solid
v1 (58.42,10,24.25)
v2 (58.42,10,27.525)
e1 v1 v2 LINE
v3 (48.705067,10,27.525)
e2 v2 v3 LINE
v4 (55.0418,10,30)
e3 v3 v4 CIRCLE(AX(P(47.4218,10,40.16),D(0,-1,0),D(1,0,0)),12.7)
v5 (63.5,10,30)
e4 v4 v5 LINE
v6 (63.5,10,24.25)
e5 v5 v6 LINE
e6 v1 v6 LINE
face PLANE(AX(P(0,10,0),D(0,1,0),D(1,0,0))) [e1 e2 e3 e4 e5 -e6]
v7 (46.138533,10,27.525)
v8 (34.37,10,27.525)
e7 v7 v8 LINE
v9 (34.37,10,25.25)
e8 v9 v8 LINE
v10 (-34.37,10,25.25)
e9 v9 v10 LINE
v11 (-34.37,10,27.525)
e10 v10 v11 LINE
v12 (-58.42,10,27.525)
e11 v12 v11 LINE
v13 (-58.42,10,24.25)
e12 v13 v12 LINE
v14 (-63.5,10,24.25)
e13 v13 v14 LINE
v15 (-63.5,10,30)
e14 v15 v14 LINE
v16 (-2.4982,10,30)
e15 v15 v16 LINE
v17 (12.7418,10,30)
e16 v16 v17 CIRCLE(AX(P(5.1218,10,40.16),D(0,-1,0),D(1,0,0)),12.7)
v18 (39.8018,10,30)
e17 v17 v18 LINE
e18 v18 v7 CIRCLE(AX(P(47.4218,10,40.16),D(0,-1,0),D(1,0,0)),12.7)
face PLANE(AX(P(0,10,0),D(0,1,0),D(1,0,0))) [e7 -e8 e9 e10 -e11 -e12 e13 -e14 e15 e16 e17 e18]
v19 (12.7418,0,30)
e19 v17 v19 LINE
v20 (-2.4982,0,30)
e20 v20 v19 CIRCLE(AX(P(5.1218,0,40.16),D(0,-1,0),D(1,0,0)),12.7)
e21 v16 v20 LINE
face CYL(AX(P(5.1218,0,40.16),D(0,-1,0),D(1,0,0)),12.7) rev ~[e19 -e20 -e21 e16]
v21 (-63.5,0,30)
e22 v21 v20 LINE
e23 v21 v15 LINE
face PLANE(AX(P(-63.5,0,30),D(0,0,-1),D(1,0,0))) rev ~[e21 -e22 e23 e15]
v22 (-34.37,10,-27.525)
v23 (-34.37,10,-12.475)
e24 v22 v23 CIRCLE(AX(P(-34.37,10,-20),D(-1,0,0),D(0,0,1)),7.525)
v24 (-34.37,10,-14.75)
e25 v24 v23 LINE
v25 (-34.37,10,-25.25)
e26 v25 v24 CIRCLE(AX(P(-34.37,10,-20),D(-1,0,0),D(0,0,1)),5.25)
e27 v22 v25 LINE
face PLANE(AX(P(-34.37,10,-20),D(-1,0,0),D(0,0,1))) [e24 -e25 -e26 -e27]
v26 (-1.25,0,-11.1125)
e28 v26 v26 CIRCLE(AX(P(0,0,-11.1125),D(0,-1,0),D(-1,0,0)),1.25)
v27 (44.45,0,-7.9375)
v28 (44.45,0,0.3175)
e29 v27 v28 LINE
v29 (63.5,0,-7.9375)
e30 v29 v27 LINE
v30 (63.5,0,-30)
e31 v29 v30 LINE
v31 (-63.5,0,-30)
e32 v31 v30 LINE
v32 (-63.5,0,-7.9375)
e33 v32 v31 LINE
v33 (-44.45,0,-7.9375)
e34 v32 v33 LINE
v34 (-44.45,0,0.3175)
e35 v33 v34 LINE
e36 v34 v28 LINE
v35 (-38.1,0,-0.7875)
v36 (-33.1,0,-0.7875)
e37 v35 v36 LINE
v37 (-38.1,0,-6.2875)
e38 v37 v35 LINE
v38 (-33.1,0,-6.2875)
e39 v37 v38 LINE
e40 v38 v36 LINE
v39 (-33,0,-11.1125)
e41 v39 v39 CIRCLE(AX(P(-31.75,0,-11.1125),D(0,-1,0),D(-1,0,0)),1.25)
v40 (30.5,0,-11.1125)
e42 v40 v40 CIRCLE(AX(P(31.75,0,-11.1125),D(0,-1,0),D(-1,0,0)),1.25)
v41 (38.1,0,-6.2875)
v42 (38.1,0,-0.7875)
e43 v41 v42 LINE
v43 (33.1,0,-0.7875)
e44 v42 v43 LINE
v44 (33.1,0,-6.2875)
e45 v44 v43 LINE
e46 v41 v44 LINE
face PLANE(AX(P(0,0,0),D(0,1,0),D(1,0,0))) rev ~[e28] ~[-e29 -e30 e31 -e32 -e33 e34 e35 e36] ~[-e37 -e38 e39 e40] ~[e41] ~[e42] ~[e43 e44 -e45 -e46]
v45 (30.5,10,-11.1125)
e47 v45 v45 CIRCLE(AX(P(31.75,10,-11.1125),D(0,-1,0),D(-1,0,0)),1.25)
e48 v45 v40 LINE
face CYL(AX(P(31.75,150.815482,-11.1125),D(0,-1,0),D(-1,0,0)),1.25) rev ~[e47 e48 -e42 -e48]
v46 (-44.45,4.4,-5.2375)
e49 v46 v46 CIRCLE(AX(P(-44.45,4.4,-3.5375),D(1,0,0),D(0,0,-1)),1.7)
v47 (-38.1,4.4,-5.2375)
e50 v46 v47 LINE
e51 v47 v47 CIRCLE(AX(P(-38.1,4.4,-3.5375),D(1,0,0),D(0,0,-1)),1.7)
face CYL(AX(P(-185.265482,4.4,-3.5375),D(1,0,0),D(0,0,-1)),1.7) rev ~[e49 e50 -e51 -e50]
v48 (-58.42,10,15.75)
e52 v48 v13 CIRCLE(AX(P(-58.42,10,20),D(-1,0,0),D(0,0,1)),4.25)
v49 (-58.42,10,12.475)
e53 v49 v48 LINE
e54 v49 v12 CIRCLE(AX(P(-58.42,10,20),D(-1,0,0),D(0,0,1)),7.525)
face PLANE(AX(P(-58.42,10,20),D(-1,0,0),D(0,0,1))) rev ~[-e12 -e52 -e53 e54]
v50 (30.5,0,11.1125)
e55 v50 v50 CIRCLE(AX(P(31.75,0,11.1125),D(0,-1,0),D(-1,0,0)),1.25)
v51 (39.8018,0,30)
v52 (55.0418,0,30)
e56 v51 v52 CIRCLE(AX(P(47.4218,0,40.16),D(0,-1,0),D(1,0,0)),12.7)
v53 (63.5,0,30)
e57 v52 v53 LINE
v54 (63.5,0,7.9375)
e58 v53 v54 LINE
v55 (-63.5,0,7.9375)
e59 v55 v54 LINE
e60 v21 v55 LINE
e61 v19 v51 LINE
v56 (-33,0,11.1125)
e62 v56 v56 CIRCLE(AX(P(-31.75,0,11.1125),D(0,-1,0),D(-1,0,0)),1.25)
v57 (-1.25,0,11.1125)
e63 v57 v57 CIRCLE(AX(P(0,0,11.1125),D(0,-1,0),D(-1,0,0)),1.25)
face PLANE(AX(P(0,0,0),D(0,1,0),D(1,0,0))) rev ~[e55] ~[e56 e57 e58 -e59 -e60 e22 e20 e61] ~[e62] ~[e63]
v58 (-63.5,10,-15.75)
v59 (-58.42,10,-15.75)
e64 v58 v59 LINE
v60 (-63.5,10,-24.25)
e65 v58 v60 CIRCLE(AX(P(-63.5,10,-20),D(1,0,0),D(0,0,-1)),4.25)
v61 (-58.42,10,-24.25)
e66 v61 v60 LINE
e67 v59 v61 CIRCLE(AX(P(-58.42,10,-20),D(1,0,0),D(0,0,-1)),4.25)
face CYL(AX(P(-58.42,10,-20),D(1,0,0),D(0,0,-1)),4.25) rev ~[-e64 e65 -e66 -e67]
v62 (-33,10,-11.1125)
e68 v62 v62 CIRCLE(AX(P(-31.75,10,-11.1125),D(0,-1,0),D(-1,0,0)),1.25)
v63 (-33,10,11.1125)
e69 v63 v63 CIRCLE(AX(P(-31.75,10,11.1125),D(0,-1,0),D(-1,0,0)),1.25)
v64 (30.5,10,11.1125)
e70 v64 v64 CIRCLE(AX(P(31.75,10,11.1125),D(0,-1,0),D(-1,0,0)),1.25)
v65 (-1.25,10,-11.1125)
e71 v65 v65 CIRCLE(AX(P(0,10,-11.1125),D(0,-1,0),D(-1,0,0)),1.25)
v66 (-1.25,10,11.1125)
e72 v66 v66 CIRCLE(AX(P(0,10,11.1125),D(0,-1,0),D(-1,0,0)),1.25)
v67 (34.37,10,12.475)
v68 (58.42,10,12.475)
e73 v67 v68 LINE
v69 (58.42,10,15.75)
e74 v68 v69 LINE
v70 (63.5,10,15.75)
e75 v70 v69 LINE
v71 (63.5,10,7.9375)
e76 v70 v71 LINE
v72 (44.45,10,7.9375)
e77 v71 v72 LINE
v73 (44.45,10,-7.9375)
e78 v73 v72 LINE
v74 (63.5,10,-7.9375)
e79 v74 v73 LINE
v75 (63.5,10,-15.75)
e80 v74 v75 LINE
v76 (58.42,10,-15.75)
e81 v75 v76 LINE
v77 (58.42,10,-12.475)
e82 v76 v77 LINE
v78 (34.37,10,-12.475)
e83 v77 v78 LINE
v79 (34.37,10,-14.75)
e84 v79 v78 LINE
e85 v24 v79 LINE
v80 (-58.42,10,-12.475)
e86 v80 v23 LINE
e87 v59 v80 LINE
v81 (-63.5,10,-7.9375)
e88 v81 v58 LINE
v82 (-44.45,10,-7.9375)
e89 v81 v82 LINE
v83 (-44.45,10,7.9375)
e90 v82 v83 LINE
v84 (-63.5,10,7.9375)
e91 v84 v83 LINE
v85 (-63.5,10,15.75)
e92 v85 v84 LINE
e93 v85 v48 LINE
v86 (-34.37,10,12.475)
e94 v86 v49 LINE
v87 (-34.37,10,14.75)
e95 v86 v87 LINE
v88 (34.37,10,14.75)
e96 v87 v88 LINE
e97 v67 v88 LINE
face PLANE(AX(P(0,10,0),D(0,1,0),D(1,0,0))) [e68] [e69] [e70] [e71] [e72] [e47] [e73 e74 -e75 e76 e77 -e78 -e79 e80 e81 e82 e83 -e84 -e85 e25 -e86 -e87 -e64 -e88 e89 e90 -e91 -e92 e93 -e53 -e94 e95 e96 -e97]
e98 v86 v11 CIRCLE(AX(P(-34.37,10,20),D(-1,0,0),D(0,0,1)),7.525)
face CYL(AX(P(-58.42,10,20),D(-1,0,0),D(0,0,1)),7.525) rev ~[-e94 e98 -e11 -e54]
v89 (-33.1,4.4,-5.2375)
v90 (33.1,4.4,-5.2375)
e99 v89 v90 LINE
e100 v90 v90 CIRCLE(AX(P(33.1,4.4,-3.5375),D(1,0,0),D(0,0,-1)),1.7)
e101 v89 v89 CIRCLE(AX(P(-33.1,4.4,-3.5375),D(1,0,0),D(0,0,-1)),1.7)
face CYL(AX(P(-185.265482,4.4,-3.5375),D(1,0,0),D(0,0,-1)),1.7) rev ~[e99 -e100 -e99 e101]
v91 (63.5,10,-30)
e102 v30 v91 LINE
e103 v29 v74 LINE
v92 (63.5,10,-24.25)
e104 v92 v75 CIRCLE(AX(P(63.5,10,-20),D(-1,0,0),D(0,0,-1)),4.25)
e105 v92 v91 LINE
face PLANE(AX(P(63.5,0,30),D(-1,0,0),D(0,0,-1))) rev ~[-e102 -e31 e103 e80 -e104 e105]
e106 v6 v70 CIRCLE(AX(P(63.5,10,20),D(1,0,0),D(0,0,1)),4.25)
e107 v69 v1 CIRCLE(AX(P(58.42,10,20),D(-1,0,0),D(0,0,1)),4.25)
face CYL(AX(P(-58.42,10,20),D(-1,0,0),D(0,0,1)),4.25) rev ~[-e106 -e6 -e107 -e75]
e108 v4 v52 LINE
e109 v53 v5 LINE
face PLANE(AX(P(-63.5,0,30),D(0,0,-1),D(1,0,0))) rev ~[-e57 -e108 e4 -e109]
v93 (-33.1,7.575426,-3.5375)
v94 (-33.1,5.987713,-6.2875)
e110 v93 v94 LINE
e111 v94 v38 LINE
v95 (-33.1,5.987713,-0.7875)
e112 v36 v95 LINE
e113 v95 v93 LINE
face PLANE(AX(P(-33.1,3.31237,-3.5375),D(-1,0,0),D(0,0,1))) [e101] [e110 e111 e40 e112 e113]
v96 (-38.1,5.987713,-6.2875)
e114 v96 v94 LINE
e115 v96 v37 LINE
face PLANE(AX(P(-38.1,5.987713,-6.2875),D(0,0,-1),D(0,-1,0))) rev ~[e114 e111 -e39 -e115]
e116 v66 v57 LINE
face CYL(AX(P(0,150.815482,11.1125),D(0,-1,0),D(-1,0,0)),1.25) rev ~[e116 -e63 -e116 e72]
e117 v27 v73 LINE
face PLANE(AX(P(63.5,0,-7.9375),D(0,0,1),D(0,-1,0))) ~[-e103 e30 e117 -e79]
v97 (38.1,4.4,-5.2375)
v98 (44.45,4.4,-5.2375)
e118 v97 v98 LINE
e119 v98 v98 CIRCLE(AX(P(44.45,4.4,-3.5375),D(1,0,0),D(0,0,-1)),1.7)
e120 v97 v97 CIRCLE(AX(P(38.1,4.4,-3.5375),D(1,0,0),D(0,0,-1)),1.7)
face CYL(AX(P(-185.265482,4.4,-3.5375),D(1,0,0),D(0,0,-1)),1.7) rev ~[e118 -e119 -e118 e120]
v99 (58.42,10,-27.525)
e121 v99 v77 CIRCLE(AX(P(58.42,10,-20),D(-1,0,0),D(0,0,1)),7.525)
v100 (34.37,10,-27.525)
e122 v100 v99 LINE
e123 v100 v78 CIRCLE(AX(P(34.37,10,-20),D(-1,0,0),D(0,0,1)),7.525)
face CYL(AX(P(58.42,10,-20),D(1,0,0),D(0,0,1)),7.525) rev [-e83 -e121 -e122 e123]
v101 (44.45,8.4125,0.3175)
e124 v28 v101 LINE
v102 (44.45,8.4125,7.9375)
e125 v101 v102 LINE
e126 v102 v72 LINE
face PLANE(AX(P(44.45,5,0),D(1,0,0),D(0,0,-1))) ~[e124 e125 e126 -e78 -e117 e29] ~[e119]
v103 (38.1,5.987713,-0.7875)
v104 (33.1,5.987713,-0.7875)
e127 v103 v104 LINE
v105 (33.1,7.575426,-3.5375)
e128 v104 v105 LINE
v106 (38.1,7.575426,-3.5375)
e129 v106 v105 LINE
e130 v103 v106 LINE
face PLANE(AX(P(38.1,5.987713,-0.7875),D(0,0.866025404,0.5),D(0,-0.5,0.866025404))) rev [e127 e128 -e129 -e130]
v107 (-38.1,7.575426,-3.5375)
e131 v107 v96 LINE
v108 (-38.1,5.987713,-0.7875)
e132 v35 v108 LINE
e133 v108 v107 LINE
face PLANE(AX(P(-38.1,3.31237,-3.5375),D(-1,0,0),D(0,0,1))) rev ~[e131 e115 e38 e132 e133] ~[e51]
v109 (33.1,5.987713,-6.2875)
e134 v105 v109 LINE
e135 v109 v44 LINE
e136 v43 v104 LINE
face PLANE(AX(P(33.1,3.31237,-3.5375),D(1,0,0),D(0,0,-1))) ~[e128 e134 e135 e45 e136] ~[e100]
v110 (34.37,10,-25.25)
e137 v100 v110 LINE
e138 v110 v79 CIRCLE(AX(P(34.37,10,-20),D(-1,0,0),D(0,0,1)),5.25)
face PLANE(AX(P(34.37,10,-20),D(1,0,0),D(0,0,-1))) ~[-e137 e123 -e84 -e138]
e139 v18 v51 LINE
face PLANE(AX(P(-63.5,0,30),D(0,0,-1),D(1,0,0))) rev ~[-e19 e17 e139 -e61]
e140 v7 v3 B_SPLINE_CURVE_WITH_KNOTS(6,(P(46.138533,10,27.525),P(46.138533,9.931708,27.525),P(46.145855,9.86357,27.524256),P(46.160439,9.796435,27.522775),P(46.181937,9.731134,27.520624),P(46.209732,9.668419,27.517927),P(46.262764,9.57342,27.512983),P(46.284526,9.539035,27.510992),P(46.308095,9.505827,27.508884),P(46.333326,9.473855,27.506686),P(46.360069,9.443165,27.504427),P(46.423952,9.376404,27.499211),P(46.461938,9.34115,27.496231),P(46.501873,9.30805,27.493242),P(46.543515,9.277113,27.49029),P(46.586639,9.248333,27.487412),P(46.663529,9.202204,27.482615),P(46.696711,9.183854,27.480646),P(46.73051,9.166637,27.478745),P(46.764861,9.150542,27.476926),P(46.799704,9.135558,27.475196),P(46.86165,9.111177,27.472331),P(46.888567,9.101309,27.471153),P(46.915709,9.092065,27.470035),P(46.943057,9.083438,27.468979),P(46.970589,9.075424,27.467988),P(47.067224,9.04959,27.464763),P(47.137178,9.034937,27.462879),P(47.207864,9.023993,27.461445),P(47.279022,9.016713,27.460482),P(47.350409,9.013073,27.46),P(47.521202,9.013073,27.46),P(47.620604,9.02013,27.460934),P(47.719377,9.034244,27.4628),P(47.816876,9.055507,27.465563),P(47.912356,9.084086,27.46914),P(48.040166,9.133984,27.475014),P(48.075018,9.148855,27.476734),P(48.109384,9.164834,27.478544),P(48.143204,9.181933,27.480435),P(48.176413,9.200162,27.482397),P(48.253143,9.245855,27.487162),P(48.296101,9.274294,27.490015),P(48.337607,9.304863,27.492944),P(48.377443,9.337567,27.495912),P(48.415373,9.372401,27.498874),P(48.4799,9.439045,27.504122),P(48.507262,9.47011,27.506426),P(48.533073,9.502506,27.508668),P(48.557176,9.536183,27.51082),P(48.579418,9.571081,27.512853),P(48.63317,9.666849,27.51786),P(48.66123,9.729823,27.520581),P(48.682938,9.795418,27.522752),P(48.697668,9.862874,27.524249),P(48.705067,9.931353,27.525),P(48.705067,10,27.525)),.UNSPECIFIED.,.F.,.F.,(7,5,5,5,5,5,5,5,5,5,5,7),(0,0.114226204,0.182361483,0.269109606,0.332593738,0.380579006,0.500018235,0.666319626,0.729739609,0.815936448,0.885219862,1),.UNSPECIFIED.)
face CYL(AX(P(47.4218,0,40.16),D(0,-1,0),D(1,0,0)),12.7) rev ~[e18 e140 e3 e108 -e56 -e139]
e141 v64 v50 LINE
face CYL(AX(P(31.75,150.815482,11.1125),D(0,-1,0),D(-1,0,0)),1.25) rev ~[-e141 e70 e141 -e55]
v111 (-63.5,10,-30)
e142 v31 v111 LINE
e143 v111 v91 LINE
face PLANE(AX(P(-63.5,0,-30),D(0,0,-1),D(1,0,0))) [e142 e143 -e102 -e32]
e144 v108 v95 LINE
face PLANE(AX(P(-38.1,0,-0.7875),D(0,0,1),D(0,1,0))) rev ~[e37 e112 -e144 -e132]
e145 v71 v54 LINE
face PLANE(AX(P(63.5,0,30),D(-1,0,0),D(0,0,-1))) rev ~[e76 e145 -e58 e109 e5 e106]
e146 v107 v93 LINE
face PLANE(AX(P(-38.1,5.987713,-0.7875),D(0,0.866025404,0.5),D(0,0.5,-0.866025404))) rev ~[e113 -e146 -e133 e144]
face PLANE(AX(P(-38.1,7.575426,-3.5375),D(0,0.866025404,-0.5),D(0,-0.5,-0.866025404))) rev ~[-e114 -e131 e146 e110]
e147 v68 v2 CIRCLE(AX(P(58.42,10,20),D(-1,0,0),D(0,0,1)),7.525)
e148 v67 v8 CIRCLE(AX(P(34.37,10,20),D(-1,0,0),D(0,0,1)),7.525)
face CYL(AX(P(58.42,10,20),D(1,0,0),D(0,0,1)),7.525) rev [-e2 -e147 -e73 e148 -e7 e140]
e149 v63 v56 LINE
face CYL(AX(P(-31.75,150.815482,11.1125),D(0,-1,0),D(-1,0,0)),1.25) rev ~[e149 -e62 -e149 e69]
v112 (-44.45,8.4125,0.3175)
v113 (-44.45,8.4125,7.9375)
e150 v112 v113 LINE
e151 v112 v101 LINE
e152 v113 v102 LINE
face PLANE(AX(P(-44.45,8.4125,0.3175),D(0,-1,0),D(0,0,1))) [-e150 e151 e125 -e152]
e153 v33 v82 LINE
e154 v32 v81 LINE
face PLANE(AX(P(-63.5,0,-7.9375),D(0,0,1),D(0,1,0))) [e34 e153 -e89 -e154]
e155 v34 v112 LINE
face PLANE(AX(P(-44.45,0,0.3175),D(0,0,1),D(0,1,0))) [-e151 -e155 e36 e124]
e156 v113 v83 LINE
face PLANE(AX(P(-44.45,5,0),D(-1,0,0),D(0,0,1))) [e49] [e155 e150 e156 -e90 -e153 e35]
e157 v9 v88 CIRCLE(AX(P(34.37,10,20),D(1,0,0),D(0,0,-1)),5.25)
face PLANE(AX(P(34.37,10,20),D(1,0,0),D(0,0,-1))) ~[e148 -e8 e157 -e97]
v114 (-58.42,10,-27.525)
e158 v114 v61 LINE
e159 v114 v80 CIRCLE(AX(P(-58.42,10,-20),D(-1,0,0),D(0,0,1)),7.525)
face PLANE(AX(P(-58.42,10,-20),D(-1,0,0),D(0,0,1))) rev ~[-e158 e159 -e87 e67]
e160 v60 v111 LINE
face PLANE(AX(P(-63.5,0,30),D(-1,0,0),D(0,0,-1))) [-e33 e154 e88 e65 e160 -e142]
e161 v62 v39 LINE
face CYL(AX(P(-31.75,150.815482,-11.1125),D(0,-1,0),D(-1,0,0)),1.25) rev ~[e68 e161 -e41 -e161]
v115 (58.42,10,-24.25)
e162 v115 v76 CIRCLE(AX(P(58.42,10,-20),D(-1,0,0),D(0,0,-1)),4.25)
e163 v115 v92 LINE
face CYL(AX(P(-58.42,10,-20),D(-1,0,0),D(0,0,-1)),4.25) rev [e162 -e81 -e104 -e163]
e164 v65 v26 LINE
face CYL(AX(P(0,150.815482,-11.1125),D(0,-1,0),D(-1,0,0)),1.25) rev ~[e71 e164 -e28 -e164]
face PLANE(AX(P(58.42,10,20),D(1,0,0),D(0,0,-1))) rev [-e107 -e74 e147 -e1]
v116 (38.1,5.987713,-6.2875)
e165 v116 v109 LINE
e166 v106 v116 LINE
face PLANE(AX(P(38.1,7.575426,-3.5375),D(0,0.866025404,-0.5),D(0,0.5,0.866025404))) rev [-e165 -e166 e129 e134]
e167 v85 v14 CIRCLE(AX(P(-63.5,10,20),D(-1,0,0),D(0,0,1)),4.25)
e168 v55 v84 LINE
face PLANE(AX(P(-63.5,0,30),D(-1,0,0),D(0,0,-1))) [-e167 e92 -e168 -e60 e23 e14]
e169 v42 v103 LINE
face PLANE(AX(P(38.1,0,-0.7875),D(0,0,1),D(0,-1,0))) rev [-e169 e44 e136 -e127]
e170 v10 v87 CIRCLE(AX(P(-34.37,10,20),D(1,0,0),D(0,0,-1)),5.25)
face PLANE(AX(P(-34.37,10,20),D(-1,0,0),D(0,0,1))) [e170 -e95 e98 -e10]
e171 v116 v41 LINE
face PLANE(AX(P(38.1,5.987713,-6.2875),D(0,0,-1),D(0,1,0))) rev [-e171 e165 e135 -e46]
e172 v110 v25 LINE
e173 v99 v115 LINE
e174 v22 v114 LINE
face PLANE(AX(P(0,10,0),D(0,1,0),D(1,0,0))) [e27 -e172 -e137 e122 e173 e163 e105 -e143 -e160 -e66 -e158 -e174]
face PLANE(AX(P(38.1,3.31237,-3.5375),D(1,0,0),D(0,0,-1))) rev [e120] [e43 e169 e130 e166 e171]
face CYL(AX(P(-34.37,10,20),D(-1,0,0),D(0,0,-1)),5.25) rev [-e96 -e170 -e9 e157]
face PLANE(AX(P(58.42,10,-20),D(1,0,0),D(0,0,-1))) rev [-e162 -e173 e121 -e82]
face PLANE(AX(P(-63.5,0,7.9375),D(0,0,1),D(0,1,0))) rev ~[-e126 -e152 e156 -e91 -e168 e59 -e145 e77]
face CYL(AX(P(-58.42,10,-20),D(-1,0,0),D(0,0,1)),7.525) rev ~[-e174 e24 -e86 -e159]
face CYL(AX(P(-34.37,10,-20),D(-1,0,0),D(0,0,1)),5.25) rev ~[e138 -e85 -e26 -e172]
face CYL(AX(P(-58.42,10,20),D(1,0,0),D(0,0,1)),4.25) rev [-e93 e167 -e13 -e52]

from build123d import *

# Parameters (mm, degrees)
SKETCH1_W                      = 127
SKETCH1_H                      = 60
BOSS_EXTRUDE1_DEPTH            = 10
CUT_EXTRUDE1_START             = -5.08
SKETCH3_R                      = 7.525
CUT_EXTRUDE1_DEPTH             = 24.05
CUT_EXTRUDE2_REACH             = 127.954
SKETCH4_R                      = 4.25
CUT_EXTRUDE2_DIRECTION_2_REACH = 127.954
CUT_EXTRUDE3_START             = -68.74
SKETCH5_R                      = 5.25
SKETCH5_R_2                    = 4.25
CUT_EXTRUDE3_DEPTH             = 68.74
SKETCH6_W                      = 15.875
SKETCH6_H                      = 10
CUT_EXTRUDE4_DEPTH             = 19.05
M3_CLEARANCE_HOLE1_D           = 3.4
CUT_EXTRUDE5_START             = -6.35
CUT_EXTRUDE5_DEPTH             = 5
M3X0_5_TAPPED_HOLE1_D          = 2.5
SKETCH12_W                     = 7.62
SKETCH12_H                     = 8.4125
CUT_EXTRUDE6_DEPTH             = 113.48645474
CUT_EXTRUDE7_REACH             = 72.938
SKETCH13_R                     = 12.7


with BuildPart() as part:
    # Sketch1 → Boss-Extrude1 (new body)
    with BuildSketch(Plane(origin=(0, 0, 0), x_dir=(1, 0, 0), z_dir=(0, 1, 0))):
        Rectangle(SKETCH1_W, SKETCH1_H)
    extrude(amount=BOSS_EXTRUDE1_DEPTH)

    # Sketch3 → Cut-Extrude1 (cut)
    with BuildSketch(Plane.ZY.offset(63.5).offset(CUT_EXTRUDE1_START)):
        with Locations((-20, 10)):
            Circle(SKETCH3_R)
        with Locations((20, 10)):
            Circle(SKETCH3_R)
    cut_extrude1 = extrude(amount=-CUT_EXTRUDE1_DEPTH, mode=Mode.SUBTRACT)

    # Mirror1: Cut-Extrude1 across plane
    add(cut_extrude1.mirror(Plane(origin=(0, 0, 0), x_dir=(0, 0, 1), z_dir=(1, 0, 0))), mode=Mode.SUBTRACT)

    # Sketch4 → Cut-Extrude2 (cut, up to next)
    with BuildSketch(Plane(origin=(-58.42, 0, 0), x_dir=(0, 0, -1), z_dir=(1, 0, 0)), mode=Mode.PRIVATE) as cut_extrude2_sk1:
        with Locations((20, 10)):
            Circle(SKETCH4_R)
    cut_extrude2_tool1 = extrude(cut_extrude2_sk1.sketch, amount=-CUT_EXTRUDE2_REACH, mode=Mode.PRIVATE) & part.part
    cut_extrude2 = cut_extrude2_tool1.solids().sort_by_distance((-58.42, 10, -20))[0]
    add(cut_extrude2, mode=Mode.SUBTRACT)

    # Cut-Extrude2 direction 2: up to this face of the body (flat: up to its plane)
    cut_extrude2_direction_2_end = Plane(part.part.faces().sort_by_distance((63.5, 5, 0))[0])
    # Sketch4 → Cut-Extrude2 direction 2 (cut, up to the picked face)
    with BuildSketch(Plane(origin=(-58.42, 0, 0), x_dir=(0, 0, -1), z_dir=(1, 0, 0)), mode=Mode.PRIVATE) as cut_extrude2_direction_2_sk1:
        with Locations((20, 10)):
            Circle(SKETCH4_R)
    cut_extrude2_direction_2_tool1 = split(extrude(cut_extrude2_direction_2_sk1.sketch, amount=CUT_EXTRUDE2_DIRECTION_2_REACH, mode=Mode.PRIVATE), bisect_by=cut_extrude2_direction_2_end, keep=Keep.BOTH, mode=Mode.PRIVATE)
    cut_extrude2_direction_2 = cut_extrude2_direction_2_tool1.solids().sort_by(Axis((-58.42, 10, -20), (1, 0, 0)))[0]
    add(cut_extrude2_direction_2, mode=Mode.SUBTRACT)

    # Mirror2: Cut-Extrude2, Cut-Extrude2 direction 2 across plane
    add(cut_extrude2.mirror(Plane.XY), mode=Mode.SUBTRACT)
    add(cut_extrude2_direction_2.mirror(Plane.XY), mode=Mode.SUBTRACT)

    # Sketch5 → Cut-Extrude3 (cut)
    with BuildSketch(Plane(origin=(34.37, 0, 0), x_dir=(0, 0, -1), z_dir=(1, 0, 0)).offset(CUT_EXTRUDE3_START)):
        with Locations((-20, 10)):
            Circle(SKETCH5_R)
        with Locations((-20, 10)):
            Circle(SKETCH5_R_2, mode=Mode.SUBTRACT)
    cut_extrude3 = extrude(amount=CUT_EXTRUDE3_DEPTH, mode=Mode.SUBTRACT)

    # Mirror3: Cut-Extrude3 across plane
    add(cut_extrude3.mirror(Plane.XY), mode=Mode.SUBTRACT)

    # Sketch6 → Cut-Extrude4 (cut)
    with BuildSketch(Plane.ZY.offset(63.5)):
        with Locations((0, 5)):
            Rectangle(SKETCH6_W, SKETCH6_H)
    cut_extrude4 = extrude(amount=-CUT_EXTRUDE4_DEPTH, mode=Mode.SUBTRACT)

    # Mirror4: Cut-Extrude4 across plane
    add(cut_extrude4.mirror(Plane(origin=(0, 0, 0), x_dir=(0, 0, 1), z_dir=(1, 0, 0))), mode=Mode.SUBTRACT)

    # M3 Clearance Hole1 (through all)
    with Locations(Plane.ZY.offset(44.45)):
        with Locations((-3.5375, 4.4)):
            Hole(M3_CLEARANCE_HOLE1_D / 2)

    # Sketch9 → Cut-Extrude5 (cut)
    with BuildSketch(Plane.ZY.offset(44.45).offset(CUT_EXTRUDE5_START)):
        Polygon((-0.7875, 0), (-0.7875, 5.98771324), (-3.5375, 7.575426481), (-6.2875, 5.98771324), (-6.2875, 0), align=None)
    cut_extrude5 = extrude(amount=-CUT_EXTRUDE5_DEPTH, mode=Mode.SUBTRACT)

    # Mirror5: Cut-Extrude5 across plane
    add(cut_extrude5.mirror(Plane(origin=(0, 0, 0), x_dir=(0, 0, 1), z_dir=(1, 0, 0))), mode=Mode.SUBTRACT)

    # M3x0.5 Tapped Hole1 (through all)
    with Locations(Plane(origin=(0, 10, 0), x_dir=(1, 0, 0), z_dir=(0, 1, 0))):
        with Locations((-31.75, -11.1125), (31.75, -11.1125), (-31.75, 11.1125), (31.75, 11.1125), (0, -11.1125), (0, 11.1125)):
            Hole(M3X0_5_TAPPED_HOLE1_D / 2)

    # Sketch12 → Cut-Extrude6 (cut, through all)
    with BuildSketch(Plane.ZY.offset(44.45)):
        with Locations((4.1275, 4.20625)):
            Rectangle(SKETCH12_W, SKETCH12_H)
    extrude(amount=-CUT_EXTRUDE6_DEPTH, mode=Mode.SUBTRACT)

    # Sketch13 → Cut-Extrude7 (cut, up to next)
    with BuildSketch(Plane.XZ, mode=Mode.PRIVATE) as cut_extrude7_sk1:
        with Locations((5.1218, 40.16)):
            Circle(SKETCH13_R)
    cut_extrude7_tool1 = extrude(cut_extrude7_sk1.sketch, amount=-CUT_EXTRUDE7_REACH, mode=Mode.PRIVATE) & part.part
    # Sketch13 → Cut-Extrude7 (cut, up to next)
    with BuildSketch(Plane.XZ, mode=Mode.PRIVATE) as cut_extrude7_sk2:
        with Locations((47.4218, 40.16)):
            Circle(SKETCH13_R)
    cut_extrude7_tool2 = extrude(cut_extrude7_sk2.sketch, amount=-CUT_EXTRUDE7_REACH, mode=Mode.PRIVATE) & part.part
    add(cut_extrude7_tool1.solids().sort_by_distance((5.1218, 0, 40.16))[0], mode=Mode.SUBTRACT)
    add(cut_extrude7_tool2.solids().sort_by_distance((47.4218, 0, 40.16))[0], mode=Mode.SUBTRACT)


solid = part.part
